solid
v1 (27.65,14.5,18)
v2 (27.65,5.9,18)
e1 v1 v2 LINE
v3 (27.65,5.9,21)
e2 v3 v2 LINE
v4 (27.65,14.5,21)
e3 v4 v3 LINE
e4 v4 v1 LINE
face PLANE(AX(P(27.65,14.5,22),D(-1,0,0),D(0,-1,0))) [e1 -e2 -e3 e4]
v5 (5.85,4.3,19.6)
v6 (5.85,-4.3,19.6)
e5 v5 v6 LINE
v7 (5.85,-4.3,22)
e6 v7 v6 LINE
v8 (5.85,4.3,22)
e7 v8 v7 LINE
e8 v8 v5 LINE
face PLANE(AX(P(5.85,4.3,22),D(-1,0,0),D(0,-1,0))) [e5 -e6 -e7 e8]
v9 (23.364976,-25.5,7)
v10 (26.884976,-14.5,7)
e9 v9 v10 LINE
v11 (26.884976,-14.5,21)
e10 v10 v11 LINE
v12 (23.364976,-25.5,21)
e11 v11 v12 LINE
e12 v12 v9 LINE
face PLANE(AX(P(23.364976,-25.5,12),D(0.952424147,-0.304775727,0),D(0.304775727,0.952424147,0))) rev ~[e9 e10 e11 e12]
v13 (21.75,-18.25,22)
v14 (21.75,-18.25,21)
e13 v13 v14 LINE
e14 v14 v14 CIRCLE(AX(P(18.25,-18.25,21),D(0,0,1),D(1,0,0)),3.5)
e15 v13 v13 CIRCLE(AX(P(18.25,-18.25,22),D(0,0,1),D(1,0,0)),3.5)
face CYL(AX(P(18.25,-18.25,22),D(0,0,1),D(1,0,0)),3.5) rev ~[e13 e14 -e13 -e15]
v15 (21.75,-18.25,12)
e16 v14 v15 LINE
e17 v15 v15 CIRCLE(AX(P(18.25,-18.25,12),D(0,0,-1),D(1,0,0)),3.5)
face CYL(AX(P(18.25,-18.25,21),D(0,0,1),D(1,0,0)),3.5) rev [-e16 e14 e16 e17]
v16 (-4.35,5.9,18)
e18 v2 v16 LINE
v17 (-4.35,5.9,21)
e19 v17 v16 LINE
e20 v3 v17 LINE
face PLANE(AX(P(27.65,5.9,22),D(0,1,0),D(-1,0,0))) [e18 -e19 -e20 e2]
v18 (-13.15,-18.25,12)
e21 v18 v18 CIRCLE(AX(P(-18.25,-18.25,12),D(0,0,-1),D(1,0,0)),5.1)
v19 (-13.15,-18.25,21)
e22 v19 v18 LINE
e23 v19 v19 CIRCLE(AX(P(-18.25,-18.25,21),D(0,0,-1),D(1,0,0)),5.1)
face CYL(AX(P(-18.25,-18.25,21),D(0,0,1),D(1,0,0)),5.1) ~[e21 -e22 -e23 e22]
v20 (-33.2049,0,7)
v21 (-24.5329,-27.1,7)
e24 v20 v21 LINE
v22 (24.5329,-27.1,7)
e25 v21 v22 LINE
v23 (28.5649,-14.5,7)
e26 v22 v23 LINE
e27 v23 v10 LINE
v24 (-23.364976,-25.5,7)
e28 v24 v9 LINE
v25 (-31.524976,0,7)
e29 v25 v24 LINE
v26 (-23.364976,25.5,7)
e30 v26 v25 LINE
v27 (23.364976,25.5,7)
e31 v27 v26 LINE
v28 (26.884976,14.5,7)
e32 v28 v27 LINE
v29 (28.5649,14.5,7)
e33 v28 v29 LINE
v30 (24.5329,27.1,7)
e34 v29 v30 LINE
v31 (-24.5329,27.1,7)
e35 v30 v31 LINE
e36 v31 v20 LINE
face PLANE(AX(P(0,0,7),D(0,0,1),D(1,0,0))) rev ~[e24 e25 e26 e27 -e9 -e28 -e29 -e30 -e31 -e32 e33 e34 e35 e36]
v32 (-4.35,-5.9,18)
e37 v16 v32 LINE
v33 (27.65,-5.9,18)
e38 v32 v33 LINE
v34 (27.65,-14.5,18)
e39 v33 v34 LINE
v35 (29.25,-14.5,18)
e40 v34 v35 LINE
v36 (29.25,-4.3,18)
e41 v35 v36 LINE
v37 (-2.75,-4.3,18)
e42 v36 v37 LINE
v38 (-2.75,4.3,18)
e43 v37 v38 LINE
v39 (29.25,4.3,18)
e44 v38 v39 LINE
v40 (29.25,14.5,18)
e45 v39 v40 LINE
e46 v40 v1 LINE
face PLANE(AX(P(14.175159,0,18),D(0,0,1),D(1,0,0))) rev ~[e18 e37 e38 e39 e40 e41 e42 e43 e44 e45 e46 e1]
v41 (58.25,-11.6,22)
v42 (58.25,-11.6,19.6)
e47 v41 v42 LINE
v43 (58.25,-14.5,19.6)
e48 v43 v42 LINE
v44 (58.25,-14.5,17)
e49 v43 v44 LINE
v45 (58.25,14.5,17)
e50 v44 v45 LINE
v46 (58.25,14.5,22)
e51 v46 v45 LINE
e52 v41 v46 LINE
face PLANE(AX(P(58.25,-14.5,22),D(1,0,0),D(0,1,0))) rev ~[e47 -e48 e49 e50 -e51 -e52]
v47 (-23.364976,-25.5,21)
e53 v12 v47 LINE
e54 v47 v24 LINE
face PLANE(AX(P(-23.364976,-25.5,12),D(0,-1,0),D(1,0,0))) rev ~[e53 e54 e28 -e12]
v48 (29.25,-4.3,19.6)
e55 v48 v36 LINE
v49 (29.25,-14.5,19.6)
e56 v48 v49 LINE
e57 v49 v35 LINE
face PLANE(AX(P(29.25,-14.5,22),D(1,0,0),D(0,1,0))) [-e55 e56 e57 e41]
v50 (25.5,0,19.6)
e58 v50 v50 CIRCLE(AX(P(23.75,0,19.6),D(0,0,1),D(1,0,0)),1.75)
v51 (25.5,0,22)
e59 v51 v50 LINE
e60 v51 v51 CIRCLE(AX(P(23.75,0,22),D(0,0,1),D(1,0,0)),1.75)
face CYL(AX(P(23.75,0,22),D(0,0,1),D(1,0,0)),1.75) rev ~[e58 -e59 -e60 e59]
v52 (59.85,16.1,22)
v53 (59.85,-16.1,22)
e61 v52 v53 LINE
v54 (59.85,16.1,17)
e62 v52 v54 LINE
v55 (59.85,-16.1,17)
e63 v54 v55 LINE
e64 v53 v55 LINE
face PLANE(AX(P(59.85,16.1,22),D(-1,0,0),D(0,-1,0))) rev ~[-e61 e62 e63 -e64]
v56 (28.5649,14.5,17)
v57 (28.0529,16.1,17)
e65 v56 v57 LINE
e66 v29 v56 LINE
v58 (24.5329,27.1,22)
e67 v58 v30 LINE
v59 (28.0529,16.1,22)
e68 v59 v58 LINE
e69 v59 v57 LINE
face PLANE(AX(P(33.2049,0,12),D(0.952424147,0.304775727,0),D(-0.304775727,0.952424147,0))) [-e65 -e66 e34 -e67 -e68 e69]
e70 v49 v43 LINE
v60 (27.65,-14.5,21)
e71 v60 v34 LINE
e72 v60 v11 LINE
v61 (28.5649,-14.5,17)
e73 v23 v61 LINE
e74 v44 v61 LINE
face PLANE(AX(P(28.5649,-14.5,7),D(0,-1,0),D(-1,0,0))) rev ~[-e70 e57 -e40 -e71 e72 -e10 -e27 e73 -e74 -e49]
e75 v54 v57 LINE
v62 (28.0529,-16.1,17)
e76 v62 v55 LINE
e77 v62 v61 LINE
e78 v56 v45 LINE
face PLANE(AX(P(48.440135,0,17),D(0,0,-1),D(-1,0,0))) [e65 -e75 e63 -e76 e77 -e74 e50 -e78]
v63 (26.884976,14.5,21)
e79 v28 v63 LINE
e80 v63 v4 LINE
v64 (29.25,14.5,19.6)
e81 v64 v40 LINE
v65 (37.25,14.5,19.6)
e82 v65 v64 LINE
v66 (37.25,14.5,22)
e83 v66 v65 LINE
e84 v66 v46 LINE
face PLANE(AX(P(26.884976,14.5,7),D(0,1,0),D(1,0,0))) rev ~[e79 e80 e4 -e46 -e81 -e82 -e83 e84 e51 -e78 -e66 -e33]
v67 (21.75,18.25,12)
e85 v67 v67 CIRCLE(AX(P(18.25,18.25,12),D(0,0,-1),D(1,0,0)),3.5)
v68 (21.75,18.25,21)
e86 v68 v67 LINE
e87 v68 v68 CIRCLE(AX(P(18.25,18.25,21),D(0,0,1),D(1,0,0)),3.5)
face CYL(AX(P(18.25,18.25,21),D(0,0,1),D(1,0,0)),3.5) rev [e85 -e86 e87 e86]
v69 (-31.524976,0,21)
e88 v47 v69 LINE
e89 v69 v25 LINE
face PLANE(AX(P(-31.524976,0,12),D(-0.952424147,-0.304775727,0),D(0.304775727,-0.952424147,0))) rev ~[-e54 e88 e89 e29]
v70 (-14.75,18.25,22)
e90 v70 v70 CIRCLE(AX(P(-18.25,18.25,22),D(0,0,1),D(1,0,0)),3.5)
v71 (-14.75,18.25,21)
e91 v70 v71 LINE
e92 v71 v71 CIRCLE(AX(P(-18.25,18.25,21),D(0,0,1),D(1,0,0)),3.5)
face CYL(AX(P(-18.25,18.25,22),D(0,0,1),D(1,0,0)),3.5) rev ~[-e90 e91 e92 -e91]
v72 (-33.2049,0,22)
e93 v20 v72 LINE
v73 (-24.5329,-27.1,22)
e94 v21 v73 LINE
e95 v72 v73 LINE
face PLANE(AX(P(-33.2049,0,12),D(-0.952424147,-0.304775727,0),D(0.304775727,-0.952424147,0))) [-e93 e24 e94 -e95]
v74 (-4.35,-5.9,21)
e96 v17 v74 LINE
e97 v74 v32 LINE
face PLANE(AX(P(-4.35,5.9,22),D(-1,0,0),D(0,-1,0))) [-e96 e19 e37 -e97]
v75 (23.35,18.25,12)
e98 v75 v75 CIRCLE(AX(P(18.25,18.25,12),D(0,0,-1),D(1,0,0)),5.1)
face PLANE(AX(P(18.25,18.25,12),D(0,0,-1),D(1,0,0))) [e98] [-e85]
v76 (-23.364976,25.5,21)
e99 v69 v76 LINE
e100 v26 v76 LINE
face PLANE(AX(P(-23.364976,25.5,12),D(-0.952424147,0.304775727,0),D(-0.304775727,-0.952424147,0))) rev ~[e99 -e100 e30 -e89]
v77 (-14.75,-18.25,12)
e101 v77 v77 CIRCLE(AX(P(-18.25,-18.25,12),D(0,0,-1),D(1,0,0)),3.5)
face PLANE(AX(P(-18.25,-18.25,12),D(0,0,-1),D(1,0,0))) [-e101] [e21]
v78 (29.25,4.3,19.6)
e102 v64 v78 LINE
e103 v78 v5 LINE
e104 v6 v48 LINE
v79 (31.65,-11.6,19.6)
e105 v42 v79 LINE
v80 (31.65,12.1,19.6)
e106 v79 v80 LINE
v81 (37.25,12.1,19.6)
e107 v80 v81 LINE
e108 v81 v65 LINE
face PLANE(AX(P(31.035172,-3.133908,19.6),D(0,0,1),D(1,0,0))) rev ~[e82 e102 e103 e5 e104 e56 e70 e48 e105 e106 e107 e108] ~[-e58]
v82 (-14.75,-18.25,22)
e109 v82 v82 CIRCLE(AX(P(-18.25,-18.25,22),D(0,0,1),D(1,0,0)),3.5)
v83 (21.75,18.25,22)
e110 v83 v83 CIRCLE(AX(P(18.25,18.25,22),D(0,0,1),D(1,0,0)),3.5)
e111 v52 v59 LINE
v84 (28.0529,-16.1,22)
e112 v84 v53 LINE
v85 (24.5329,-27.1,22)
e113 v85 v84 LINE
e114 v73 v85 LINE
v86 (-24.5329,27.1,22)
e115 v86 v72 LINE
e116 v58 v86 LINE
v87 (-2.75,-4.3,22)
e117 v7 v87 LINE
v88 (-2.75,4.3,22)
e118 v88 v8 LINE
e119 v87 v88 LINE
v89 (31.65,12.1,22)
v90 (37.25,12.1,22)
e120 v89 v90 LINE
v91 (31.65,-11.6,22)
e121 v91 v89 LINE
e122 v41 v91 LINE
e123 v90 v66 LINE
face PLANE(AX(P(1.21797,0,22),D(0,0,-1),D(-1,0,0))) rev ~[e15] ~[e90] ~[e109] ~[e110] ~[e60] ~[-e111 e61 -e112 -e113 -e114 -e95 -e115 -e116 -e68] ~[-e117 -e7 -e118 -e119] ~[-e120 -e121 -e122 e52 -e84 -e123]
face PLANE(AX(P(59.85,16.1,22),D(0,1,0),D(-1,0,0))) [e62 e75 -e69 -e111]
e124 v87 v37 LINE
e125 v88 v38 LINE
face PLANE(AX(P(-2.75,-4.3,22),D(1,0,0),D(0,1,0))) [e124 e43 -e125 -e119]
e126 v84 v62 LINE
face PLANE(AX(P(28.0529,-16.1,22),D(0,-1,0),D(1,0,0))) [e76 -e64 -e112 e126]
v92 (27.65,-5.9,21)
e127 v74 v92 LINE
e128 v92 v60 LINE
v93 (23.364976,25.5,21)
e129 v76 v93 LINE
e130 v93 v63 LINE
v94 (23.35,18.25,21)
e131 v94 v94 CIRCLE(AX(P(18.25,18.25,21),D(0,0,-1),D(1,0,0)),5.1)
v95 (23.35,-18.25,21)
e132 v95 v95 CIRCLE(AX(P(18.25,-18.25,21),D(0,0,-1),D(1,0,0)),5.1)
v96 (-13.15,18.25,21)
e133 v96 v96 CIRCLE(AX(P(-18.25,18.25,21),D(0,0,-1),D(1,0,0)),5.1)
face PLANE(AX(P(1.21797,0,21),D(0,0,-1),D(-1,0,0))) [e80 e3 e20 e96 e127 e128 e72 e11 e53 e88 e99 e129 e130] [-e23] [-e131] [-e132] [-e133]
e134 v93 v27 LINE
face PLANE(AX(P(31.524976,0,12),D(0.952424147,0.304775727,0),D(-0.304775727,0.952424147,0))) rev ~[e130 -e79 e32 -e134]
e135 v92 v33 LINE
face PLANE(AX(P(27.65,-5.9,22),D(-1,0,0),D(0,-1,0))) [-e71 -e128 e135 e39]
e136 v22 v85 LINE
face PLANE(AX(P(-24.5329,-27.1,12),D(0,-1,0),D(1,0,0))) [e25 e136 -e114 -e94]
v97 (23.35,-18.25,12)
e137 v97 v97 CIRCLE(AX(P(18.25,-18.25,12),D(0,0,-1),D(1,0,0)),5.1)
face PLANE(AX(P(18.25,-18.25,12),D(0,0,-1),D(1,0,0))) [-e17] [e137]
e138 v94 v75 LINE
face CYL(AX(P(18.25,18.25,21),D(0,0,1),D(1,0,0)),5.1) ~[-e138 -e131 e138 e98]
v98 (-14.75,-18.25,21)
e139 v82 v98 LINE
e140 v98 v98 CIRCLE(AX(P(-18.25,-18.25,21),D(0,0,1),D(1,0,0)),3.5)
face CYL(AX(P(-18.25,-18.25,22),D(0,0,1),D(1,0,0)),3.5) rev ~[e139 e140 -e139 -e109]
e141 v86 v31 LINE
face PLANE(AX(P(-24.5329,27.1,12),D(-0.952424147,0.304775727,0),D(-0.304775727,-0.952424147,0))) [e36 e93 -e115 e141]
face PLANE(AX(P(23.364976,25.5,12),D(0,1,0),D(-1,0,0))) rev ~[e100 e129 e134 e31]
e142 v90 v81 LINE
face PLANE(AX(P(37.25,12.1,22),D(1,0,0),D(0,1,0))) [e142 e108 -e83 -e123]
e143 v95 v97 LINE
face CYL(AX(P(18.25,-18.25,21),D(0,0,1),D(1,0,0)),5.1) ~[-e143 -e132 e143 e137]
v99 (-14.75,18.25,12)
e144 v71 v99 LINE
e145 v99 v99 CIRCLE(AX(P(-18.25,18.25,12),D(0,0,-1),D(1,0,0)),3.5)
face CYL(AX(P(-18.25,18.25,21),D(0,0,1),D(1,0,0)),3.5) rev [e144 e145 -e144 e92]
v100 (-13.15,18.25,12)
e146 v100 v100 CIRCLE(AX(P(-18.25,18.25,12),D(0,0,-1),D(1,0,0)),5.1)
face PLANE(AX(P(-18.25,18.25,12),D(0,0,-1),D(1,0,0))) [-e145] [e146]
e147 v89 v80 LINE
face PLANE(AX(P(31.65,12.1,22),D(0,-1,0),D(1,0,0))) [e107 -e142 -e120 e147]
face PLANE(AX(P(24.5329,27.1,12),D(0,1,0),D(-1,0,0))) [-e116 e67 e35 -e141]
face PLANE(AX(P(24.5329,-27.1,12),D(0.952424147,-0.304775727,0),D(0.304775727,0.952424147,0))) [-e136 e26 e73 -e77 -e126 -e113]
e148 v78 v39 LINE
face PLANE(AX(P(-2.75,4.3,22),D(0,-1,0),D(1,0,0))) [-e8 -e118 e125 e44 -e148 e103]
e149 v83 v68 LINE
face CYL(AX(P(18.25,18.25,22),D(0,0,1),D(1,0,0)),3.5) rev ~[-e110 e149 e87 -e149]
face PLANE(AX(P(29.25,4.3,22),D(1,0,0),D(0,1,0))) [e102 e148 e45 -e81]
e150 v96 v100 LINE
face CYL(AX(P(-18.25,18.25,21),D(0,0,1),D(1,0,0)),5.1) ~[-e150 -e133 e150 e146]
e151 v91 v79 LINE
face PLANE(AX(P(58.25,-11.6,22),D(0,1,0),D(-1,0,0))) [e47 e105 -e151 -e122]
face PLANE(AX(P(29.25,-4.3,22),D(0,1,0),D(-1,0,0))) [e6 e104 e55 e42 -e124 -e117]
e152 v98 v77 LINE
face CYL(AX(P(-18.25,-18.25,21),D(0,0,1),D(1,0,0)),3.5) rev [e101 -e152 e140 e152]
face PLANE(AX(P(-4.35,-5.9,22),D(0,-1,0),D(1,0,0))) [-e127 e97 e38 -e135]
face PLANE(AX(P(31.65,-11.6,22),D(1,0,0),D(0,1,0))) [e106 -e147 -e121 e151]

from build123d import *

# Parameters (mm, degrees)
BOSS_EXTRUDE1_DEPTH      = 10
BOSS_EXTRUDE1_DEPTH_BACK = 5
BOSS_EXTRUDE2_DEPTH      = 5
CUT_EXTRUDE1_DEPTH       = 68.390151358
BOSS_EXTRUDE3_DEPTH      = 4
SKETCH7_R                = 1.75
BOSS_EXTRUDE4_DEPTH      = 2.4
SKETCH8_R                = 3.5
BOSS_EXTRUDE5_DEPTH      = 1
SKETCH9_R                = 5.1
SKETCH9_R_2              = 3.5
BOSS_EXTRUDE6_DEPTH      = 9


with BuildPart() as part:
    # Sketch2 → Boss-Extrude1 (new, two sides)
    with BuildSketch(Plane.XY.offset(12)) as boss_extrude1_sk:
        Polygon((-24.532899998, 27.1), (-33.204899998, 0), (-24.532899998, -27.1), (24.532899998, -27.1), (33.204899998, 0), (24.532899998, 27.1), align=None)
        Polygon((-23.36497619, 25.5), (-31.52497619, 0), (-23.36497619, -25.5), (23.36497619, -25.5), (31.52497619, 0), (23.36497619, 25.5), align=None, mode=Mode.SUBTRACT)
    extrude(amount=BOSS_EXTRUDE1_DEPTH)
    extrude(boss_extrude1_sk.sketch, amount=-BOSS_EXTRUDE1_DEPTH_BACK)

    # Sketch3 → Boss-Extrude2 (add)
    with BuildSketch(Plane.XY.offset(22)):
        Polygon((29.75, 16.1), (59.85, 16.1), (59.85, -16.1), (29.75, -16.1), (28.052899998, -16.1), (28.564899998, -14.5), (29.75, -14.5), (58.25, -14.5), (58.25, 14.5), (29.75, 14.5), (28.564899998, 14.5), (28.052899998, 16.1), align=None)
    extrude(amount=-BOSS_EXTRUDE2_DEPTH)

    # Sketch4 → Cut-Extrude1 (cut, through all)
    with BuildSketch(Plane(origin=(0, 0, 7), x_dir=(-1, 0, 0), z_dir=(0, 0, -1))):
        Polygon((-26.88497619, 14.5), (-28.564899998, 14.5), (-33.204899998, 0), (-28.564899998, -14.5), (-26.88497619, -14.5), (-31.52497619, 0), align=None)
    extrude(amount=-CUT_EXTRUDE1_DEPTH, mode=Mode.SUBTRACT)

    # Sketch5 → Boss-Extrude3 (add)
    with BuildSketch(Plane.XY.offset(22)):
        Polygon((29.25, 4.3), (29.25, 14), (29.25, 14.5), (27.65, 14.5), (27.65, 14), (27.65, 5.9), (-4.35, 5.9), (-4.35, -5.9), (27.65, -5.9), (27.65, -14), (27.65, -14.5), (29.25, -14.5), (29.25, -14), (29.25, -4.3), (-2.75, -4.3), (-2.75, 4.3), align=None)
    extrude(amount=-BOSS_EXTRUDE3_DEPTH)

    # Sketch7 → Boss-Extrude4 (add)
    with BuildSketch(Plane.XY.offset(22)):
        Polygon((37.25, 12.1), (37.25, 14.5), (29.25, 14.5), (29.25, 4.3), (5.85, 4.3), (5.85, -4.3), (29.25, -4.3), (29.25, -14.5), (58.25, -14.5), (58.25, -11.6), (31.65, -11.6), (31.65, 12.1), align=None)
        with Locations((23.75, 0)):
            Circle(SKETCH7_R, mode=Mode.SUBTRACT)
    extrude(amount=-BOSS_EXTRUDE4_DEPTH)

    # Sketch8 → Boss-Extrude5 (add)
    with BuildSketch(Plane.XY.offset(22)):
        Polygon((27.65, -5.9), (27.65, -14.5), (26.88497619, -14.5), (23.36497619, -25.5), (-23.36497619, -25.5), (-31.52497619, 0), (-23.36497619, 25.5), (23.36497619, 25.5), (26.88497619, 14.5), (27.65, 14.5), (27.65, 5.9), (-4.35, 5.9), (-4.35, -5.9), align=None)
        with Locations((-18.25, 18.25)):
            Circle(SKETCH8_R, mode=Mode.SUBTRACT)
        with Locations((18.25, 18.25)):
            Circle(SKETCH8_R, mode=Mode.SUBTRACT)
        with Locations((18.25, -18.25)):
            Circle(SKETCH8_R, mode=Mode.SUBTRACT)
        with Locations((-18.25, -18.25)):
            Circle(SKETCH8_R, mode=Mode.SUBTRACT)
    extrude(amount=-BOSS_EXTRUDE5_DEPTH)

    # Sketch9 → Boss-Extrude6 (add)
    with BuildSketch(Plane(origin=(0, 0, 21), x_dir=(-1, 0, 0), z_dir=(0, 0, -1))):
        with Locations(Location((-18.25, 18.25, 0), (0, 0, 180))):
            Circle(SKETCH9_R)
        with Locations(Location((-18.25, 18.25, 0), (0, 0, 180))):
            Circle(SKETCH9_R_2, mode=Mode.SUBTRACT)
        with Locations(Location((18.25, 18.25, 0), (0, 0, 180))):
            Circle(SKETCH9_R)
        with Locations(Location((18.25, 18.25, 0), (0, 0, 180))):
            Circle(SKETCH9_R_2, mode=Mode.SUBTRACT)
        with Locations(Location((18.25, -18.25, 0), (0, 0, 180))):
            Circle(SKETCH9_R)
        with Locations(Location((18.25, -18.25, 0), (0, 0, 180))):
            Circle(SKETCH9_R_2, mode=Mode.SUBTRACT)
        with Locations(Location((-18.25, -18.25, 0), (0, 0, 180))):
            Circle(SKETCH9_R)
        with Locations(Location((-18.25, -18.25, 0), (0, 0, 180))):
            Circle(SKETCH9_R_2, mode=Mode.SUBTRACT)
    extrude(amount=BOSS_EXTRUDE6_DEPTH)


solid = part.part
